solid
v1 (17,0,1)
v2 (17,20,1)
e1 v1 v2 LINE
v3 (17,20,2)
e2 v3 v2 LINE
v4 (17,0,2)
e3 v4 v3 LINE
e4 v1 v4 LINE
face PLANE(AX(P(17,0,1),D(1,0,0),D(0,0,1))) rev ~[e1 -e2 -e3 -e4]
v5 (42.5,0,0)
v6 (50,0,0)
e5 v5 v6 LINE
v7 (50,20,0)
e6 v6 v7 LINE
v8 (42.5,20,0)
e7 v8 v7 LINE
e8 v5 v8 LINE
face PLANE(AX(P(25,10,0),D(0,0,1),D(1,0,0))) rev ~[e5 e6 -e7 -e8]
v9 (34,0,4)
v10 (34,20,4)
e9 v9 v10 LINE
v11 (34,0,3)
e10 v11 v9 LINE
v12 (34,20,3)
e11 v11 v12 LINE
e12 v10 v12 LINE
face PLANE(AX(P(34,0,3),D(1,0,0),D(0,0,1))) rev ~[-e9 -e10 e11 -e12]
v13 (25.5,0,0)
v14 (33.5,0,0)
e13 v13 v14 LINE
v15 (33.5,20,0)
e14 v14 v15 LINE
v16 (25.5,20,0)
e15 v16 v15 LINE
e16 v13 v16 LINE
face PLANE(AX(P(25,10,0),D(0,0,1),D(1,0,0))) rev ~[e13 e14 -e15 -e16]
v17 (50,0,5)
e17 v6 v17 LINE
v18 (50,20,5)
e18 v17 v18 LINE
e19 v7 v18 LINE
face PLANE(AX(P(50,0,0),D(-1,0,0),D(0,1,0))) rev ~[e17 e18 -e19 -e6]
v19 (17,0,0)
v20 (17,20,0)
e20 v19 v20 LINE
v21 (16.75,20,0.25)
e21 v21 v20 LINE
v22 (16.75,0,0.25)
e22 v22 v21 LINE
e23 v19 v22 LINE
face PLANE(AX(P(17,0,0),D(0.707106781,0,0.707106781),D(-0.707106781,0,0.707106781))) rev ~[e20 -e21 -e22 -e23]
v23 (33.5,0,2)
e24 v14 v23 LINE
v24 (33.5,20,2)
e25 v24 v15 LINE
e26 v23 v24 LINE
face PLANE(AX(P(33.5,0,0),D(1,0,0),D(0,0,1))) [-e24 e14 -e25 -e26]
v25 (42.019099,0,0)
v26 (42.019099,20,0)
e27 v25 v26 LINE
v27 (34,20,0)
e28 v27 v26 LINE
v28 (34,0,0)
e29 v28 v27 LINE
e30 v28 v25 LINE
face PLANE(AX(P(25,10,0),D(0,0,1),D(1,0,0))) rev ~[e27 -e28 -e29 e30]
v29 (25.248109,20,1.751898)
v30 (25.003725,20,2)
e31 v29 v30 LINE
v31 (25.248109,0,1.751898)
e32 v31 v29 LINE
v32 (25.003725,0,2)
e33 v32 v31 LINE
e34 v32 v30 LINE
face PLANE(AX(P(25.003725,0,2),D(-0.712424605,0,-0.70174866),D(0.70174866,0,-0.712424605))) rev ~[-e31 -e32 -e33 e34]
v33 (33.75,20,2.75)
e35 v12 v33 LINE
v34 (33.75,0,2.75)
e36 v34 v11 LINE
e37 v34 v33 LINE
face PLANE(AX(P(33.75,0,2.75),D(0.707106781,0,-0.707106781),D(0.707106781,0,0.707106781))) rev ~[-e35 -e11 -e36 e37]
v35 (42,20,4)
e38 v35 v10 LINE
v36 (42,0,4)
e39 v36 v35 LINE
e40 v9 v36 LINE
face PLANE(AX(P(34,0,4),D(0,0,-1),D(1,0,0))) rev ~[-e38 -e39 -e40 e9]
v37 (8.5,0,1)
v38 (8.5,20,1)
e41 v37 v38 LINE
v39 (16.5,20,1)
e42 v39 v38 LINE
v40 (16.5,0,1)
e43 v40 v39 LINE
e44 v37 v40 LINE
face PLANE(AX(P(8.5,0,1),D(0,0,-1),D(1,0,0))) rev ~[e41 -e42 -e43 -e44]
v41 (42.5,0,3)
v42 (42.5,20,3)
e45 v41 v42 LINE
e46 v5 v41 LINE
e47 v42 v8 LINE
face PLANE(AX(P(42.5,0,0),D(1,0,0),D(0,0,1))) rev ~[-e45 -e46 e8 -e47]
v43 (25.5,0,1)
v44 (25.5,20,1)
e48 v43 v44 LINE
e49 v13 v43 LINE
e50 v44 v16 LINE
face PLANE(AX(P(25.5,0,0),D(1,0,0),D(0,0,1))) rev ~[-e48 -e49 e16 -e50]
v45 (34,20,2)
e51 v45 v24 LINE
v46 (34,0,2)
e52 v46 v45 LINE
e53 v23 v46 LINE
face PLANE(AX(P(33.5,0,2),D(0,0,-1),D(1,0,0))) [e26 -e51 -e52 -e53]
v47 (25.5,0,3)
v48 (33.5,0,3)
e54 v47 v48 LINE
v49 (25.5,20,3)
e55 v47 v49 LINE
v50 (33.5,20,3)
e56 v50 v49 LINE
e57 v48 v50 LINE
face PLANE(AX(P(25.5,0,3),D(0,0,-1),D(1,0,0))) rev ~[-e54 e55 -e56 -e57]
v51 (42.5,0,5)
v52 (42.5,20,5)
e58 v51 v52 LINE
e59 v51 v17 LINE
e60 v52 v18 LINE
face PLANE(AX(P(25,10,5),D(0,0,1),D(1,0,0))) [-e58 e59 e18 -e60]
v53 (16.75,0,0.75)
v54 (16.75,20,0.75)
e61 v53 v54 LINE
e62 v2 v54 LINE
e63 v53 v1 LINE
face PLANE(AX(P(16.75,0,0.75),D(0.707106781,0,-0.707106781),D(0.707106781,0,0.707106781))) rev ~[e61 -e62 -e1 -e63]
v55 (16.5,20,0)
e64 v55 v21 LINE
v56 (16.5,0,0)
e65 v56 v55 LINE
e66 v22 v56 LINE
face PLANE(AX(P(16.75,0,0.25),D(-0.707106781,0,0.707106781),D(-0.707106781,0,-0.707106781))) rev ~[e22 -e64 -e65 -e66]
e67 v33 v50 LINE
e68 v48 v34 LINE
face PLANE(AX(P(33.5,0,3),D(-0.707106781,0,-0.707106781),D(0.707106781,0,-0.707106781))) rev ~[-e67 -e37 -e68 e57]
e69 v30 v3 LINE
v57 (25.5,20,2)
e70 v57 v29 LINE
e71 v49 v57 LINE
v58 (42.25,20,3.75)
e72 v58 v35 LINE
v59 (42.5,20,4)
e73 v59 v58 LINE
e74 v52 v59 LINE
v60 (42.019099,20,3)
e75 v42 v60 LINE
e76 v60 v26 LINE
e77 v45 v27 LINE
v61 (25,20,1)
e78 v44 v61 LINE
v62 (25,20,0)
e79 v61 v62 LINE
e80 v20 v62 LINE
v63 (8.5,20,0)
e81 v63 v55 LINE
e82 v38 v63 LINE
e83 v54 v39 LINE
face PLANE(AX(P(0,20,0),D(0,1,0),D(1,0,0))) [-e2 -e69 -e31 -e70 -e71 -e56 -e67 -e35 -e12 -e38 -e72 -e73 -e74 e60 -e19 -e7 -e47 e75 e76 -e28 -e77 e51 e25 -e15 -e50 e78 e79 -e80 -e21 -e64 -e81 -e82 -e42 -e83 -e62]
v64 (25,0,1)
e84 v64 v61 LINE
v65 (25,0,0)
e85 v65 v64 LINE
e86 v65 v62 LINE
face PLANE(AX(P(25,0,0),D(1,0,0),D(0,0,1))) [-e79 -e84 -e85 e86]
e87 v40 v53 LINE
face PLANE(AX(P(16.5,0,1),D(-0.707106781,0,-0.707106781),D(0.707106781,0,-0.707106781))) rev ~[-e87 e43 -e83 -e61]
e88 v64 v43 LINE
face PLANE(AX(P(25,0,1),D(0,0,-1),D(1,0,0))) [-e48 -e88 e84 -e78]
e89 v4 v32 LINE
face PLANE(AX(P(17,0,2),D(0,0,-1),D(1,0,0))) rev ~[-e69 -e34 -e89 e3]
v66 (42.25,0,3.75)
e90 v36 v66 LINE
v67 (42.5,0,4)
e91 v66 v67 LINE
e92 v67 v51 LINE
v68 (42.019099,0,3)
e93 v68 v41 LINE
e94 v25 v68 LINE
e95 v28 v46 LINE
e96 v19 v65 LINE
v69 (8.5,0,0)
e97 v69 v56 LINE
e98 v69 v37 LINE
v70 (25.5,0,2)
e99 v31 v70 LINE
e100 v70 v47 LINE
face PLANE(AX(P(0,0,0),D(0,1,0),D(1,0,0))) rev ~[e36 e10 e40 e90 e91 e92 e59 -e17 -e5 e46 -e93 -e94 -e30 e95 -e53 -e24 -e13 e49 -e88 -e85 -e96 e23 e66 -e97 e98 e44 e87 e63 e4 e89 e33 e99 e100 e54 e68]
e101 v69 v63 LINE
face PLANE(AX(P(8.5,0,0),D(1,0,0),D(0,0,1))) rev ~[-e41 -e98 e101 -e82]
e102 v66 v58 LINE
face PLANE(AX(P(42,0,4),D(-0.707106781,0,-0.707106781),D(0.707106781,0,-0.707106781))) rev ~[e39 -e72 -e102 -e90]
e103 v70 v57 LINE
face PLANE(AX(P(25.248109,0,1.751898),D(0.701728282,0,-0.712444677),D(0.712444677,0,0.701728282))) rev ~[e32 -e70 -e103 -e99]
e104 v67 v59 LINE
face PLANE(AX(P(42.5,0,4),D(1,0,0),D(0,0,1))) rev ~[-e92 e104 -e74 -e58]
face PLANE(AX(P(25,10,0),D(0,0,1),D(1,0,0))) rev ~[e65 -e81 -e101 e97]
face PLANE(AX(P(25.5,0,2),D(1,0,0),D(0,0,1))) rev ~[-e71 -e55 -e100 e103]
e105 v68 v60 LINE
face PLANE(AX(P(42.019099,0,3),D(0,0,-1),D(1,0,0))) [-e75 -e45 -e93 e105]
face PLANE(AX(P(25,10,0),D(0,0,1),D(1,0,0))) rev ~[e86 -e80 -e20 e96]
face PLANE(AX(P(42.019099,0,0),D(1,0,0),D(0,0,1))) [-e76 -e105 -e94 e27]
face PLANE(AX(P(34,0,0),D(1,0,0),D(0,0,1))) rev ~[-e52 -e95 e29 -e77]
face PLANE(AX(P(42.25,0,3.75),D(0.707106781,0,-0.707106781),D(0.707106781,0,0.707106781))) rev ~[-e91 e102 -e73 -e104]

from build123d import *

# Parameters (mm, degrees)
F0_W     = 50
F0_H     = 20
F1_DEPTH = 5
F3_DEPTH = 25
F4_W     = 0.4809010029
F4_H     = 3
F4_W_2   = 0.5
F4_H_2   = 2
F4_H_3   = 1
F5_DEPTH = 25
F7_DEPTH = 25


with BuildPart() as f1:
    # F0 (on Top) → F1 (new body)
    with BuildSketch(Plane.XY):
        with Locations((25, 10)):
            Rectangle(F0_W, F0_H)
    extrude(amount=F1_DEPTH)

    # F2 (on face) → F3 (cut)
    with BuildSketch(Plane.XZ):
        Polygon((0, 5), (0, 0), (42.5, 5), align=None)
    extrude(amount=-F3_DEPTH, mode=Mode.SUBTRACT)

    # F4 (on face) → F5 (cut)
    with BuildSketch(Plane.XZ):
        Polygon((42.5, 5), (34, 4), (42, 4), (42.5, 4), align=None)
        Polygon((34, 4), (25.5, 3), (33.5, 3), (34, 3), align=None)
        Polygon((25.5, 3), (17, 2), (25.0037251041, 2), (25, 2.0037817754), (25.5, 2), align=None)
        Polygon((17, 2), (8.5, 1), (16.5, 1), (17, 1), align=None)
        Polygon((17, 1), (16.5, 1), (16.75, 0.75), align=None)
        Polygon((25, 2.0037817754), (25.0037251041, 2), (25.5, 2), align=None)
        Polygon((25.5, 2), (25.0037251041, 2), (25.2481091664, 1.7518980383), align=None)
        Polygon((34, 3), (33.5, 3), (33.75, 2.75), align=None)
        Polygon((42.5, 4), (42, 4), (42.25, 3.75), align=None)
        Polygon((17, 0), (16.75, 0.25), (16.5, 0), align=None)
        with Locations((42.2595494986, 1.5)):
            Rectangle(F4_W, F4_H)
        with Locations((33.75, 1)):
            Rectangle(F4_W_2, F4_H_2)
        with Locations((25.25, 0.5)):
            Rectangle(F4_W_2, F4_H_3)
    extrude(amount=-F5_DEPTH, mode=Mode.SUBTRACT)

    # F6 (on face) → F7 (cut)
    with BuildSketch(Plane.XZ):
        Polygon((8.5, 0), (8.5, 1), (0, 0), align=None)
    extrude(amount=-F7_DEPTH, mode=Mode.SUBTRACT)


solid = f1.part
